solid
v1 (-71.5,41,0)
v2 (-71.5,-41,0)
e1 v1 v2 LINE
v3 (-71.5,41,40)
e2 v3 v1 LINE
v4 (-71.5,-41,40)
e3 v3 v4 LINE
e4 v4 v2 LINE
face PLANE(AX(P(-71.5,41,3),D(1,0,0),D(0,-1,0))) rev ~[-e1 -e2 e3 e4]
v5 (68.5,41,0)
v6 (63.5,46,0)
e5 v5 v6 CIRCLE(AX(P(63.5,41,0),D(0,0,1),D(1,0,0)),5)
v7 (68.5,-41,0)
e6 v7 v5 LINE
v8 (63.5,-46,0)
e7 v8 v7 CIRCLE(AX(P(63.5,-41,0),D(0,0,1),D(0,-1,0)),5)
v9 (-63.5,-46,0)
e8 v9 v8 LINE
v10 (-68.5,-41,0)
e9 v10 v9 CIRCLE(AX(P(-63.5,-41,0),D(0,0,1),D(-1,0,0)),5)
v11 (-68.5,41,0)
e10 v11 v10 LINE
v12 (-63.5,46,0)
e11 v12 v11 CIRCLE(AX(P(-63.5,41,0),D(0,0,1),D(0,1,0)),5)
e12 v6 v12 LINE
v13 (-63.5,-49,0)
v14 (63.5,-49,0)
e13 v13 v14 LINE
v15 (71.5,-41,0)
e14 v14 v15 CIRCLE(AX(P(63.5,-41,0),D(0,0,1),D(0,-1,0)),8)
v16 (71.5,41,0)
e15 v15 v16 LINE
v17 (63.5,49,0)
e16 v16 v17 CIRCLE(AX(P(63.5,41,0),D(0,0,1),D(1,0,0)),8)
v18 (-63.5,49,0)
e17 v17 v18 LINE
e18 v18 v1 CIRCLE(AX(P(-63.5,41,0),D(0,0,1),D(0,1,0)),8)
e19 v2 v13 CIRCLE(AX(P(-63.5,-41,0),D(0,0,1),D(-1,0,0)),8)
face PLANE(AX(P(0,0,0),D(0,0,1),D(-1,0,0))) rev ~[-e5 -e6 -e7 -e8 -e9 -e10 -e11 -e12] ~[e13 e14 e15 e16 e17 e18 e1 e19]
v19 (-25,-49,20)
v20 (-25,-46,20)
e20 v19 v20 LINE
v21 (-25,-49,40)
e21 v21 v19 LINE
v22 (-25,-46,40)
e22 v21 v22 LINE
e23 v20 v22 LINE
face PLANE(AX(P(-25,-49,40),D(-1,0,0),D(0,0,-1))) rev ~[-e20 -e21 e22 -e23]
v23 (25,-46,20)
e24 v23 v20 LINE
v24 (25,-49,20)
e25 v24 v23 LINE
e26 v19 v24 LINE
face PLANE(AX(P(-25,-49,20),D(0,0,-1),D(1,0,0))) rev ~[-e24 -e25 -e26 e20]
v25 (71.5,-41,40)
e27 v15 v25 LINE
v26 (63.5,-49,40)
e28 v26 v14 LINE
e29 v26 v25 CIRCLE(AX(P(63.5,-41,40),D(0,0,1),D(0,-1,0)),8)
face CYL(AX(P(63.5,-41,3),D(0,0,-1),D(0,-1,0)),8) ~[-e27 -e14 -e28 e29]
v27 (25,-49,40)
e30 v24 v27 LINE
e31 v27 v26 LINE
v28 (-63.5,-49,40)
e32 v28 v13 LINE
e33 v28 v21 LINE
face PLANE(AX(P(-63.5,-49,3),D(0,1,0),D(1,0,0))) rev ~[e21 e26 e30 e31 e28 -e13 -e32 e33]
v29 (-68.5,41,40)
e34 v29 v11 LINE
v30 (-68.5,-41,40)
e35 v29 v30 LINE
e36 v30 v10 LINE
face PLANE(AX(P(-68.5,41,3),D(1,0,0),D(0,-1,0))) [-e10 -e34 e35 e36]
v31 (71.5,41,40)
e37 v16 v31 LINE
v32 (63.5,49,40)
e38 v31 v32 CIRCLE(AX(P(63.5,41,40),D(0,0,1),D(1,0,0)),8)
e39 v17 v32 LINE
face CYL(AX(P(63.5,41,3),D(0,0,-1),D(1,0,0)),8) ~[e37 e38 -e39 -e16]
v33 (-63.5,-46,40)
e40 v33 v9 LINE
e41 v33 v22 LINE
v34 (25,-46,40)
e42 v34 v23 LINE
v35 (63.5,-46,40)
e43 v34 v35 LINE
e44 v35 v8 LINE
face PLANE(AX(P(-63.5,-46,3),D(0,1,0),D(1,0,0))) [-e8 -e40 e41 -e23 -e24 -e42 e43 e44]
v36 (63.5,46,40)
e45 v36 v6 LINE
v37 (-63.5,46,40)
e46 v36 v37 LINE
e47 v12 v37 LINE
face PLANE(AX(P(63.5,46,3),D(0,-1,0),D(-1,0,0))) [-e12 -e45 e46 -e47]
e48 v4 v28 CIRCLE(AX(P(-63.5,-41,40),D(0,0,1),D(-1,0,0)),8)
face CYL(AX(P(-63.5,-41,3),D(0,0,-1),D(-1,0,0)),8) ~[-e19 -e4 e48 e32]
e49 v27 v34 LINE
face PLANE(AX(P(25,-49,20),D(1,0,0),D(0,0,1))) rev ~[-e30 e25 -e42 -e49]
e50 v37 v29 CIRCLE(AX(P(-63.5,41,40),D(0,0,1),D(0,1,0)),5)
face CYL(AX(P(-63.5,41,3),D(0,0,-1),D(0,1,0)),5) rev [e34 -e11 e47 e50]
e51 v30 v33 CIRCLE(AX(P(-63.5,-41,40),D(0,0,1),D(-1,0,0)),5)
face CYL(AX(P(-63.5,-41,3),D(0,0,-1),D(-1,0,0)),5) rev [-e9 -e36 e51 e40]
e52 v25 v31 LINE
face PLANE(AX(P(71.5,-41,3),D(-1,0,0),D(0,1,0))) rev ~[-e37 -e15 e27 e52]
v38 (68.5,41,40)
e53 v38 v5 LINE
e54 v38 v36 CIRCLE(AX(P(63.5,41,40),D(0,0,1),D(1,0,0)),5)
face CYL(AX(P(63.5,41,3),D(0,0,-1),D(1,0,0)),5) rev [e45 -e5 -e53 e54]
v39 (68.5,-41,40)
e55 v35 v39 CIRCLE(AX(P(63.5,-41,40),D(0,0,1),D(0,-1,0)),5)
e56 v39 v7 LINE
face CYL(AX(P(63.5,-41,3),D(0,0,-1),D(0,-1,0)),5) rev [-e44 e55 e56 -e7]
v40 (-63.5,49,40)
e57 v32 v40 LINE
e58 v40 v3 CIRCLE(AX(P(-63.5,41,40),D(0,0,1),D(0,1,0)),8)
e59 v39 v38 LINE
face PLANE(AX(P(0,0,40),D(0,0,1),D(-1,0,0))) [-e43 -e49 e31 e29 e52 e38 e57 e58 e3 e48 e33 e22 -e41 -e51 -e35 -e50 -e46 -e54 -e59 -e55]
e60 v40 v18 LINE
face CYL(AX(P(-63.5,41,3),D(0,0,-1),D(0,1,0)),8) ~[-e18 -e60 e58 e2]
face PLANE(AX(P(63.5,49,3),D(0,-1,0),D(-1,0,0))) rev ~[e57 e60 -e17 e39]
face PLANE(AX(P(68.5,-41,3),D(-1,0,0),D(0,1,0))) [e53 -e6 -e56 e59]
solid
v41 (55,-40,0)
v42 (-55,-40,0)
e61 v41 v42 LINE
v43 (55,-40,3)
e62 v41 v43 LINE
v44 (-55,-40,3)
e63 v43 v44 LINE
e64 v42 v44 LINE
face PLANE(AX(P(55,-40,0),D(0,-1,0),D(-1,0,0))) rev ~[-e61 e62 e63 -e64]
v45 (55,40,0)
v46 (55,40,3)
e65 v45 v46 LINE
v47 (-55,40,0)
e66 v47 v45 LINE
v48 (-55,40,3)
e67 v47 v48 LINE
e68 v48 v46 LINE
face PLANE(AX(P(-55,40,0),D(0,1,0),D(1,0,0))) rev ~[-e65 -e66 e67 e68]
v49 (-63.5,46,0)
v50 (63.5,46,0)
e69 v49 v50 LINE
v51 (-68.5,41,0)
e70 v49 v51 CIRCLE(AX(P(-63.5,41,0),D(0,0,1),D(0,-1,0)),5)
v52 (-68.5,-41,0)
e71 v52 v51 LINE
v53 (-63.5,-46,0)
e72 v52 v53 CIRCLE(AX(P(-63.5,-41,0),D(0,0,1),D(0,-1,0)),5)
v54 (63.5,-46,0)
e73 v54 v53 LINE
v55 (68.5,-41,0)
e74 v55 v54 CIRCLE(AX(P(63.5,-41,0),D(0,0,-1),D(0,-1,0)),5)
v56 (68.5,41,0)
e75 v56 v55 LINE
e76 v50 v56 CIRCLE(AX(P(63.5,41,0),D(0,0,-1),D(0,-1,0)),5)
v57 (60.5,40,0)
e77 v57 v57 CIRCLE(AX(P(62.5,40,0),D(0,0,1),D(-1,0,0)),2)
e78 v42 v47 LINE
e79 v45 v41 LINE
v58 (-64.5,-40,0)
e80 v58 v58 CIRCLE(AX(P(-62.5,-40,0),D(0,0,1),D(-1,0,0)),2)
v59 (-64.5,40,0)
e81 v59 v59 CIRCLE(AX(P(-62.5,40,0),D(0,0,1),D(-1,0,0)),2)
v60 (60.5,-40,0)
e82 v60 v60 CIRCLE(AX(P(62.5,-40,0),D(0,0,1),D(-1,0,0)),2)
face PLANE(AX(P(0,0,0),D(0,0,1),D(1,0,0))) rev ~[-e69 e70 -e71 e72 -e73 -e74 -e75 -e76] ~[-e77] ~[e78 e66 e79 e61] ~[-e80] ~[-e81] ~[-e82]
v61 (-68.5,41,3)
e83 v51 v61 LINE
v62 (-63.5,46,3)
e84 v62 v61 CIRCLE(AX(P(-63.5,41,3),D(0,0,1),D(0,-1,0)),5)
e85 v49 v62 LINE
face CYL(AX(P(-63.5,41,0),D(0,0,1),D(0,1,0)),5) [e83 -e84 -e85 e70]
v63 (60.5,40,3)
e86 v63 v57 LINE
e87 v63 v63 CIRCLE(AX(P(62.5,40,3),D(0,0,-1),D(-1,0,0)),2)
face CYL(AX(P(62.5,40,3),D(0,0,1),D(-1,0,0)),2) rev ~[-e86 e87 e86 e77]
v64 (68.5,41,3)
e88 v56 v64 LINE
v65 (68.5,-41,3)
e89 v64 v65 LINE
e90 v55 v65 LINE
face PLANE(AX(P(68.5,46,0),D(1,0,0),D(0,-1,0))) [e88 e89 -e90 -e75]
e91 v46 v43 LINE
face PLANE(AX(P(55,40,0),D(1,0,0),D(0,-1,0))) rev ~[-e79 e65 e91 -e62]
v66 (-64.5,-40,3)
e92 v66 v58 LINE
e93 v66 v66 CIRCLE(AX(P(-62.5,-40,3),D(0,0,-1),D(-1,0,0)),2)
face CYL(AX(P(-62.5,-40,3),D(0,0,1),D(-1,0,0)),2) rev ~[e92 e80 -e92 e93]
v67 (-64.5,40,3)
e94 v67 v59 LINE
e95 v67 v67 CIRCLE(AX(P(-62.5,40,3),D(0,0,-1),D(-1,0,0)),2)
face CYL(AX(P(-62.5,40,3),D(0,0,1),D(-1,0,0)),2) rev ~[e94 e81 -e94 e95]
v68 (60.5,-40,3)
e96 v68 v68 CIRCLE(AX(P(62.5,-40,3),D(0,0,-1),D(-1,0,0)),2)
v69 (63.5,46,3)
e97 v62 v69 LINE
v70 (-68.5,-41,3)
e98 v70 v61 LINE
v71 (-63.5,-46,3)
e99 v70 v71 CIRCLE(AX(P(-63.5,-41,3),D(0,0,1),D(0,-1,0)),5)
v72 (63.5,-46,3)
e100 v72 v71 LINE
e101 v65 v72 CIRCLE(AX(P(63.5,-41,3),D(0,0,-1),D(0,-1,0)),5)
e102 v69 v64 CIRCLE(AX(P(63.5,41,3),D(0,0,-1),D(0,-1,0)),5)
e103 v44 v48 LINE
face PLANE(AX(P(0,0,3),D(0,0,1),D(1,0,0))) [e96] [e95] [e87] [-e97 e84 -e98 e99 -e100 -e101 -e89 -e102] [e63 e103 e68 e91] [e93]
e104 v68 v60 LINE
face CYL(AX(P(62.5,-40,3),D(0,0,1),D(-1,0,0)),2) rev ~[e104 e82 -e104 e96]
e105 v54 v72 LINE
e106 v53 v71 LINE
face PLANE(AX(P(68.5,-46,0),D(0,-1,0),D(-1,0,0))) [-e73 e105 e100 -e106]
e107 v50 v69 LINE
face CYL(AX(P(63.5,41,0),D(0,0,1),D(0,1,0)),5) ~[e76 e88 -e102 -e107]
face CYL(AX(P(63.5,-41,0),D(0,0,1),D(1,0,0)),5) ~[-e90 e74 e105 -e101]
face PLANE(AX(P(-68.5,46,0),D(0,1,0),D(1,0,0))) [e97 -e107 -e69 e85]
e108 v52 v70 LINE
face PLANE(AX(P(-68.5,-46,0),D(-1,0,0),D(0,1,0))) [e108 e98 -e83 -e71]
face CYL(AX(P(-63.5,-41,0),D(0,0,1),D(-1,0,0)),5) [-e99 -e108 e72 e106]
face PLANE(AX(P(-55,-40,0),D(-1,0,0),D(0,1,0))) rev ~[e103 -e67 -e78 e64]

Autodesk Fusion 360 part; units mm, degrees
sketch "Boceto1" plane through (0, 0, 0) normal (0, 0, 1) x (1, 0, 0)
  line L0 (-68.5, 46) -> (68.5, 46)
  line L1 (68.5, 46) -> (68.5, -46)
  line L2 (68.5, -46) -> (-68.5, -46)
  line L3 (-68.5, -46) -> (-68.5, 46)
  line L4 (-68.5, 46) -> (68.5, -46) construction
  line L5 (68.5, 46) -> (-68.5, -46) construction
  dimension "d1" = 137
  dimension "d2" = 92
extrude "Extruir1" add sketch "Boceto1" along normal blind 3 makes body 1
sketch "Boceto2" plane through (0, 0, 3) normal (0, 0, 1) x (-1, 0, 0)
  line L0 (68.5, 46) -> (-68.5, 46)
  line L1 (-68.5, 46) -> (-68.5, -46)
  line L2 (-68.5, -46) -> (68.5, -46)
  line L3 (68.5, -46) -> (68.5, 46)
  line L4 (68.5, -46) -> (62.5, -46)
  line L5 (62.5, -46) -> (62.5, -40)
  line L6 (-68.5, -46) -> (-62.5, -46)
  line L7 (-62.5, -46) -> (-62.5, -40)
  line L8 (68.5, 46) -> (62.5, 46)
  line L9 (62.5, 46) -> (62.5, 40)
  line L10 (-68.5, 46) -> (-68.5, 40)
  line L11 (-68.5, 40) -> (-62.5, 40)
  circle A0 centre (62.5, -40) radius 2
  circle A1 centre (62.5, 40) radius 2
  circle A2 centre (-62.5, -40) radius 2
  circle A3 centre (-62.5, 40) radius 2
  dimension "d5" = 6
  dimension "d6" = 6
  dimension "d7" = 6
  dimension "d8" = 6
  dimension "d9" = 6
  dimension "d10" = 6
  dimension "d11" = 6
  dimension "d12" = 6
  dimension "d13" = 4
  dimension "d14" = 4
  dimension "d15" = 4
  dimension "d16" = 4
extrude "Extruir2" cut sketch "Boceto2" against normal blind 3 contours A1 | A3 | A2 | A0 bodies 1
fillet "Empalme1" radius 5 4 edges at (-68.5, -46, 1.5) (68.5, -46, 1.5) (68.5, 46, 1.5) (-68.5, 46, 1.5) on bodies 1
sketch "Boceto3" plane through (0, 0, 3) normal (0, 0, 1) x (-1, 0, 0)
  circle A0 centre (62.5, -40) radius 2
  circle A1 centre (-62.5, -40) radius 2
  circle A2 centre (62.5, 40) radius 2
  circle A3 centre (-62.5, 40) radius 2
  arc A4 (63.5, -46) -> (68.5, -41) centre (63.5, -41) ccw
  line L0 (68.5, -41) -> (68.5, 41)
  arc A5 (68.5, 41) -> (63.5, 46) centre (63.5, 41) ccw
  line L1 (63.5, 46) -> (-63.5, 46)
  arc A6 (-63.5, 46) -> (-68.5, 41) centre (-63.5, 41) ccw
  line L2 (-68.5, 41) -> (-68.5, -41)
  arc A7 (-68.5, -41) -> (-63.5, -46) centre (-63.5, -41) ccw
  line L3 (-63.5, -46) -> (63.5, -46)
  line L4 (-71.5, 41) -> (-71.5, -41)
  arc A8 (-71.5, -41) -> (-63.5, -49) centre (-63.5, -41) ccw
  line L5 (-63.5, -49) -> (63.5, -49)
  arc A9 (63.5, -49) -> (71.5, -41) centre (63.5, -41) ccw
  line L6 (71.5, -41) -> (71.5, 41)
  arc A10 (71.5, 41) -> (63.5, 49) centre (63.5, 41) ccw
  line L7 (63.5, 49) -> (-63.5, 49)
  arc A11 (-63.5, 49) -> (-71.5, 41) centre (-63.5, 41) ccw
  dimension "d21" = 3
extrude "Extruir3" add sketch "Boceto3" along normal blind 37 and the other way blind 3 separate body contours L4 A8 L5 A9 L6 A10 L7 A11 makes body 2
sketch "Boceto5" plane through (0, 0, 0) normal (0, 0, -1) x (1, 0, 0)
  arc A0 (-68.5, -41) -> (-63.5, -46) centre (-63.5, -41) ccw
  line L0 (-63.5, -46) -> (63.5, -46)
  arc A1 (63.5, -46) -> (68.5, -41) centre (63.5, -41) ccw
  line L1 (68.5, -41) -> (68.5, 41)
  arc A2 (68.5, 41) -> (63.5, 46) centre (63.5, 41) ccw
  line L2 (63.5, 46) -> (-63.5, 46)
  arc A3 (-63.5, 46) -> (-68.5, 41) centre (-63.5, 41) ccw
  line L3 (-68.5, 41) -> (-68.5, -41)
  circle A4 centre (-62.5, -40) radius 2
  circle A5 centre (62.5, -40) radius 2
  circle A6 centre (-62.5, 40) radius 2
  circle A7 centre (62.5, 40) radius 2
  line L4 (55, 40) -> (-55, 40)
  line L5 (-55, 40) -> (-55, -40)
  line L6 (-55, -40) -> (55, -40)
  line L7 (55, -40) -> (55, 40)
  line L8 (55, 40) -> (-55, -40) construction
  line L9 (-55, 40) -> (55, -40) construction
  dimension "d32" = 110
  dimension "d33" = 80
extrude "Extruir5" cut sketch "Boceto5" against normal blind 3 contours L4 L5 L6 L7 bodies 1
sketch "Boceto6" plane through (0, -49, 0) normal (0, -1, 0) x (1, 0, 0)
  line L0 (63.5, 0) -> (63.5, 40)
  line L1 (63.5, 40) -> (-63.5, 40)
  line L2 (-63.5, 40) -> (-63.5, 0)
  line L3 (-63.5, 0) -> (63.5, 0)
  line L4 (25, 40) -> (-25, 40)
  line L5 (-25, 40) -> (-25, 20)
  line L6 (-25, 20) -> (25, 20)
  line L7 (25, 20) -> (25, 40)
  point P0 (0, 40)
  dimension "d36" = 50
extrude "Extruir6" cut sketch "Boceto6" against normal blind 5 contours L1 L4 L5 L6 L7 bodies 2
